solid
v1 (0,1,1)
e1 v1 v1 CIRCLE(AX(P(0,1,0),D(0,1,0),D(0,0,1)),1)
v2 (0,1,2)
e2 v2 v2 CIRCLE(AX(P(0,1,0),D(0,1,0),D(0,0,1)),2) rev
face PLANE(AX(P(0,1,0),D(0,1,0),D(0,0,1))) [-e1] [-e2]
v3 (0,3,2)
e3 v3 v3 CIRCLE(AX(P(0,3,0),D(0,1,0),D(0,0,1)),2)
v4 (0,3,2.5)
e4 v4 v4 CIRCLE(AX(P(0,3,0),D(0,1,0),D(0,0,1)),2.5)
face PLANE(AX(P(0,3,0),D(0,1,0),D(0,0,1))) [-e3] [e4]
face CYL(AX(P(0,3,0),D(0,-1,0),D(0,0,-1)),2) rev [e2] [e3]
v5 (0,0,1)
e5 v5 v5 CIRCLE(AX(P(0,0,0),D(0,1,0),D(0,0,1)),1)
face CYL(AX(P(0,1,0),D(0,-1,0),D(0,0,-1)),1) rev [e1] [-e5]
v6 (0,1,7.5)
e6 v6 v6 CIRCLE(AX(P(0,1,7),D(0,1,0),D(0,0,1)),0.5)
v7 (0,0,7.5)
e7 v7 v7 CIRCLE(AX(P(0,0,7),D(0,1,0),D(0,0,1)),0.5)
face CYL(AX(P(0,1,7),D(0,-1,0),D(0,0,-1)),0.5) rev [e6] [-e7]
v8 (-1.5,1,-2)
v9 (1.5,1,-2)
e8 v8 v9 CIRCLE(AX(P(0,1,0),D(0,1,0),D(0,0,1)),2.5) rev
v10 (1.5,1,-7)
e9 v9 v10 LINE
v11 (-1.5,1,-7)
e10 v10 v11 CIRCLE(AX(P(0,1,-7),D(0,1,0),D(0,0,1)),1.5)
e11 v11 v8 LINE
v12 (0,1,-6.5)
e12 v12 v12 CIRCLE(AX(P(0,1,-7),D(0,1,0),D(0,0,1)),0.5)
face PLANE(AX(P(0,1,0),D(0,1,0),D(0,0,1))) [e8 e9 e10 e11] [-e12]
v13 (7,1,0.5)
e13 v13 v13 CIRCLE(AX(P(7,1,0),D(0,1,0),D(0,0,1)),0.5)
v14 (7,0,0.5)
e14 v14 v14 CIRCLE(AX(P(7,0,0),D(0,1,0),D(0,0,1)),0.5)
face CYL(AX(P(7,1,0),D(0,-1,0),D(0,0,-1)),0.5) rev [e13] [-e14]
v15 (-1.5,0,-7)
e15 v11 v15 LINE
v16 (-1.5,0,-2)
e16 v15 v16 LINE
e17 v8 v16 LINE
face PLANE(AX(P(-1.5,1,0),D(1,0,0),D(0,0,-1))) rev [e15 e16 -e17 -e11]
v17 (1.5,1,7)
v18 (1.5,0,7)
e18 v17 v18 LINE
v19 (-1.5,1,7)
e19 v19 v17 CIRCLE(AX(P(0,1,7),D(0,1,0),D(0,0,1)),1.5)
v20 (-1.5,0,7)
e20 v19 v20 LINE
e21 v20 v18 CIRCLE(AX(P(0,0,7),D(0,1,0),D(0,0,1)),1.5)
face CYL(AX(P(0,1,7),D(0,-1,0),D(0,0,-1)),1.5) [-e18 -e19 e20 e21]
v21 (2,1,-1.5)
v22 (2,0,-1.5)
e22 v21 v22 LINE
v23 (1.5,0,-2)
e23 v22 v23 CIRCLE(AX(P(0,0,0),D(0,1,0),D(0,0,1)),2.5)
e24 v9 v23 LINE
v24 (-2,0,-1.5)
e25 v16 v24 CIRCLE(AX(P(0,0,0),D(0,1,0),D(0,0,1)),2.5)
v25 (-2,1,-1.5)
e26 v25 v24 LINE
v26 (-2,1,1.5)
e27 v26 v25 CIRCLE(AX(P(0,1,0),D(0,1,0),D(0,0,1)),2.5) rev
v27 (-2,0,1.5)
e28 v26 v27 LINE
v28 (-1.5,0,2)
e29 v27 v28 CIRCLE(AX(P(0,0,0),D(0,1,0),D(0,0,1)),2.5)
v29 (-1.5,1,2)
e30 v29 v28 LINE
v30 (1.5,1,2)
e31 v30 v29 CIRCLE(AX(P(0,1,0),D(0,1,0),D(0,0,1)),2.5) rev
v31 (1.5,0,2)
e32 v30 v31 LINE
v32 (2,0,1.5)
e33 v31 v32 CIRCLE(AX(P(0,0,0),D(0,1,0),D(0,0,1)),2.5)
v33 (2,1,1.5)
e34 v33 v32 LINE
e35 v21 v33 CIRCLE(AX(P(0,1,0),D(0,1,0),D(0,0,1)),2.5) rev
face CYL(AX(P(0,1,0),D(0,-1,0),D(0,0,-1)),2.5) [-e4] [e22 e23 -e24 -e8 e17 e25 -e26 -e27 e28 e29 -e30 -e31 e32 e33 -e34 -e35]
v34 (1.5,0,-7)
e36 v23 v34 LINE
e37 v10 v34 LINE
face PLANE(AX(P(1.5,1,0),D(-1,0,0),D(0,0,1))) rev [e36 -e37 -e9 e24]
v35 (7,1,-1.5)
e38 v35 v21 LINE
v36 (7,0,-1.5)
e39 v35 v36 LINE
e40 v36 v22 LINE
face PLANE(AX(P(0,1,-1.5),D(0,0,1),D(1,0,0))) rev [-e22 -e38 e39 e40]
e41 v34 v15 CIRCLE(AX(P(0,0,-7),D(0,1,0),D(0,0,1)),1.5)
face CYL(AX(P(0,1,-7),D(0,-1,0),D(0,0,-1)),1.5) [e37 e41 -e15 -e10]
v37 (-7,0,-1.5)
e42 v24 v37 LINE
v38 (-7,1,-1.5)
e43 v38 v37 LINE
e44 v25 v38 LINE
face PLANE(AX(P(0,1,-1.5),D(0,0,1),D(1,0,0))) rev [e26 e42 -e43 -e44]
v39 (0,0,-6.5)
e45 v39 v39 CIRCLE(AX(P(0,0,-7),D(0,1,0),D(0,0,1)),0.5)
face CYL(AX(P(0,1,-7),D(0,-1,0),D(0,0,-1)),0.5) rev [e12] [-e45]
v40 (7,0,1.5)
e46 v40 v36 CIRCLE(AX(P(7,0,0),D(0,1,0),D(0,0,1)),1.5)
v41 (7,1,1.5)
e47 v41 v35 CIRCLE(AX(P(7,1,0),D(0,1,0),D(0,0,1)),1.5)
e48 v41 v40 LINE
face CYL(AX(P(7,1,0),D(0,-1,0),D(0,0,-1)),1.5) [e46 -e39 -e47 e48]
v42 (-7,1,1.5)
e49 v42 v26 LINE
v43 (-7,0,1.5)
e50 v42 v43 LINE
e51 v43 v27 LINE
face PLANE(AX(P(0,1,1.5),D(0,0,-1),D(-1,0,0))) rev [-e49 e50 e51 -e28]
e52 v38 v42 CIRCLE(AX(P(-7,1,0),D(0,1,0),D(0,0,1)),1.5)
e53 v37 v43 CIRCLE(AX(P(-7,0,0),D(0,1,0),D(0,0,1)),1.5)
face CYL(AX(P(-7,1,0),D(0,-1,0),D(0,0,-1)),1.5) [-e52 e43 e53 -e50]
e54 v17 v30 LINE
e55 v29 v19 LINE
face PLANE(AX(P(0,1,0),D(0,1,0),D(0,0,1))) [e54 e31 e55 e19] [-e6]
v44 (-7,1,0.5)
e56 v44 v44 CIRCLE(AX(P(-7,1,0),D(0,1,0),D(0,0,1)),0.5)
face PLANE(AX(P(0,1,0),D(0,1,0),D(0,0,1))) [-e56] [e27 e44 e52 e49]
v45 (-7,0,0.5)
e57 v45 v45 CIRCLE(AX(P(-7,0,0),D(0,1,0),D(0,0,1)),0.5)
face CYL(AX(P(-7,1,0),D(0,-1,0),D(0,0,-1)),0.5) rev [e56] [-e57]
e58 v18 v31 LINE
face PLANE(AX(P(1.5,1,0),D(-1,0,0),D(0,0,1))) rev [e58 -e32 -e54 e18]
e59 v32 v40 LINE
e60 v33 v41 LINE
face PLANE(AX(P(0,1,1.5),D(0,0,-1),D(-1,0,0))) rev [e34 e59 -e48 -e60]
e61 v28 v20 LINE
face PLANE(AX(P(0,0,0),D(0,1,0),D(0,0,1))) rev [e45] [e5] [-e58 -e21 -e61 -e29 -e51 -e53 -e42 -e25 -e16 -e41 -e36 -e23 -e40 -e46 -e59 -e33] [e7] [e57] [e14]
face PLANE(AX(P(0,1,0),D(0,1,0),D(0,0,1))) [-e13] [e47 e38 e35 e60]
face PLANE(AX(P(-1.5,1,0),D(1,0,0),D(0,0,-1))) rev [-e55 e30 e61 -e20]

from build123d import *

# Parameters (mm, degrees)
SKETCH4_R           = 0.5
SKETCH4_R_2         = 1
BOSS_EXTRUDE1_DEPTH = 1
SKETCH4_3_R         = 2.5
SKETCH4_3_R_2       = 2
BOSS_EXTRUDE2_DEPTH = 3


with BuildPart() as part:
    # Sketch4 → Boss-Extrude1 (new body)
    with BuildSketch(Plane(origin=(0, 0, 0), x_dir=(1, 0, 0), z_dir=(0, 1, 0))):
        with BuildLine():
            Line((2, -1.5), (7, -1.5))
            ThreePointArc((7, -1.5), (8.5, 0), (7, 1.5))
            Line((7, 1.5), (2, 1.5))
            ThreePointArc((2, 1.5), (1.767766953, 1.767766953), (1.5, 2))
            Line((1.5, 2), (1.5, 7))
            ThreePointArc((1.5, 7), (0, 8.5), (-1.5, 7))
            Line((-1.5, 7), (-1.5, 2))
            ThreePointArc((-1.5, 2), (-1.767766953, 1.767766953), (-2, 1.5))
            Line((-2, 1.5), (-7, 1.5))
            ThreePointArc((-7, 1.5), (-8.5, 0), (-7, -1.5))
            Line((-7, -1.5), (-2, -1.5))
            ThreePointArc((-2, -1.5), (-1.767766953, -1.767766953), (-1.5, -2))
            Line((-1.5, -2), (-1.5, -7))
            ThreePointArc((-1.5, -7), (0, -8.5), (1.5, -7))
            Line((1.5, -7), (1.5, -2))
            ThreePointArc((1.5, -2), (1.767766953, -1.767766953), (2, -1.5))
        make_face()
        with Locations((7, 0)):
            Circle(SKETCH4_R, mode=Mode.SUBTRACT)
        Circle(SKETCH4_R_2, mode=Mode.SUBTRACT)
        with Locations((0, -7)):
            Circle(SKETCH4_R, mode=Mode.SUBTRACT)
        with Locations((-7, 0)):
            Circle(SKETCH4_R, mode=Mode.SUBTRACT)
        with Locations((0, 7)):
            Circle(SKETCH4_R, mode=Mode.SUBTRACT)
    extrude(amount=BOSS_EXTRUDE1_DEPTH)

    # Sketch4<3> → Boss-Extrude2 (add)
    with BuildSketch(Plane(origin=(0, 0, 0), x_dir=(1, 0, 0), z_dir=(0, 1, 0))):
        Circle(SKETCH4_3_R)
        Circle(SKETCH4_3_R_2, mode=Mode.SUBTRACT)
    extrude(amount=BOSS_EXTRUDE2_DEPTH)


solid = part.part
